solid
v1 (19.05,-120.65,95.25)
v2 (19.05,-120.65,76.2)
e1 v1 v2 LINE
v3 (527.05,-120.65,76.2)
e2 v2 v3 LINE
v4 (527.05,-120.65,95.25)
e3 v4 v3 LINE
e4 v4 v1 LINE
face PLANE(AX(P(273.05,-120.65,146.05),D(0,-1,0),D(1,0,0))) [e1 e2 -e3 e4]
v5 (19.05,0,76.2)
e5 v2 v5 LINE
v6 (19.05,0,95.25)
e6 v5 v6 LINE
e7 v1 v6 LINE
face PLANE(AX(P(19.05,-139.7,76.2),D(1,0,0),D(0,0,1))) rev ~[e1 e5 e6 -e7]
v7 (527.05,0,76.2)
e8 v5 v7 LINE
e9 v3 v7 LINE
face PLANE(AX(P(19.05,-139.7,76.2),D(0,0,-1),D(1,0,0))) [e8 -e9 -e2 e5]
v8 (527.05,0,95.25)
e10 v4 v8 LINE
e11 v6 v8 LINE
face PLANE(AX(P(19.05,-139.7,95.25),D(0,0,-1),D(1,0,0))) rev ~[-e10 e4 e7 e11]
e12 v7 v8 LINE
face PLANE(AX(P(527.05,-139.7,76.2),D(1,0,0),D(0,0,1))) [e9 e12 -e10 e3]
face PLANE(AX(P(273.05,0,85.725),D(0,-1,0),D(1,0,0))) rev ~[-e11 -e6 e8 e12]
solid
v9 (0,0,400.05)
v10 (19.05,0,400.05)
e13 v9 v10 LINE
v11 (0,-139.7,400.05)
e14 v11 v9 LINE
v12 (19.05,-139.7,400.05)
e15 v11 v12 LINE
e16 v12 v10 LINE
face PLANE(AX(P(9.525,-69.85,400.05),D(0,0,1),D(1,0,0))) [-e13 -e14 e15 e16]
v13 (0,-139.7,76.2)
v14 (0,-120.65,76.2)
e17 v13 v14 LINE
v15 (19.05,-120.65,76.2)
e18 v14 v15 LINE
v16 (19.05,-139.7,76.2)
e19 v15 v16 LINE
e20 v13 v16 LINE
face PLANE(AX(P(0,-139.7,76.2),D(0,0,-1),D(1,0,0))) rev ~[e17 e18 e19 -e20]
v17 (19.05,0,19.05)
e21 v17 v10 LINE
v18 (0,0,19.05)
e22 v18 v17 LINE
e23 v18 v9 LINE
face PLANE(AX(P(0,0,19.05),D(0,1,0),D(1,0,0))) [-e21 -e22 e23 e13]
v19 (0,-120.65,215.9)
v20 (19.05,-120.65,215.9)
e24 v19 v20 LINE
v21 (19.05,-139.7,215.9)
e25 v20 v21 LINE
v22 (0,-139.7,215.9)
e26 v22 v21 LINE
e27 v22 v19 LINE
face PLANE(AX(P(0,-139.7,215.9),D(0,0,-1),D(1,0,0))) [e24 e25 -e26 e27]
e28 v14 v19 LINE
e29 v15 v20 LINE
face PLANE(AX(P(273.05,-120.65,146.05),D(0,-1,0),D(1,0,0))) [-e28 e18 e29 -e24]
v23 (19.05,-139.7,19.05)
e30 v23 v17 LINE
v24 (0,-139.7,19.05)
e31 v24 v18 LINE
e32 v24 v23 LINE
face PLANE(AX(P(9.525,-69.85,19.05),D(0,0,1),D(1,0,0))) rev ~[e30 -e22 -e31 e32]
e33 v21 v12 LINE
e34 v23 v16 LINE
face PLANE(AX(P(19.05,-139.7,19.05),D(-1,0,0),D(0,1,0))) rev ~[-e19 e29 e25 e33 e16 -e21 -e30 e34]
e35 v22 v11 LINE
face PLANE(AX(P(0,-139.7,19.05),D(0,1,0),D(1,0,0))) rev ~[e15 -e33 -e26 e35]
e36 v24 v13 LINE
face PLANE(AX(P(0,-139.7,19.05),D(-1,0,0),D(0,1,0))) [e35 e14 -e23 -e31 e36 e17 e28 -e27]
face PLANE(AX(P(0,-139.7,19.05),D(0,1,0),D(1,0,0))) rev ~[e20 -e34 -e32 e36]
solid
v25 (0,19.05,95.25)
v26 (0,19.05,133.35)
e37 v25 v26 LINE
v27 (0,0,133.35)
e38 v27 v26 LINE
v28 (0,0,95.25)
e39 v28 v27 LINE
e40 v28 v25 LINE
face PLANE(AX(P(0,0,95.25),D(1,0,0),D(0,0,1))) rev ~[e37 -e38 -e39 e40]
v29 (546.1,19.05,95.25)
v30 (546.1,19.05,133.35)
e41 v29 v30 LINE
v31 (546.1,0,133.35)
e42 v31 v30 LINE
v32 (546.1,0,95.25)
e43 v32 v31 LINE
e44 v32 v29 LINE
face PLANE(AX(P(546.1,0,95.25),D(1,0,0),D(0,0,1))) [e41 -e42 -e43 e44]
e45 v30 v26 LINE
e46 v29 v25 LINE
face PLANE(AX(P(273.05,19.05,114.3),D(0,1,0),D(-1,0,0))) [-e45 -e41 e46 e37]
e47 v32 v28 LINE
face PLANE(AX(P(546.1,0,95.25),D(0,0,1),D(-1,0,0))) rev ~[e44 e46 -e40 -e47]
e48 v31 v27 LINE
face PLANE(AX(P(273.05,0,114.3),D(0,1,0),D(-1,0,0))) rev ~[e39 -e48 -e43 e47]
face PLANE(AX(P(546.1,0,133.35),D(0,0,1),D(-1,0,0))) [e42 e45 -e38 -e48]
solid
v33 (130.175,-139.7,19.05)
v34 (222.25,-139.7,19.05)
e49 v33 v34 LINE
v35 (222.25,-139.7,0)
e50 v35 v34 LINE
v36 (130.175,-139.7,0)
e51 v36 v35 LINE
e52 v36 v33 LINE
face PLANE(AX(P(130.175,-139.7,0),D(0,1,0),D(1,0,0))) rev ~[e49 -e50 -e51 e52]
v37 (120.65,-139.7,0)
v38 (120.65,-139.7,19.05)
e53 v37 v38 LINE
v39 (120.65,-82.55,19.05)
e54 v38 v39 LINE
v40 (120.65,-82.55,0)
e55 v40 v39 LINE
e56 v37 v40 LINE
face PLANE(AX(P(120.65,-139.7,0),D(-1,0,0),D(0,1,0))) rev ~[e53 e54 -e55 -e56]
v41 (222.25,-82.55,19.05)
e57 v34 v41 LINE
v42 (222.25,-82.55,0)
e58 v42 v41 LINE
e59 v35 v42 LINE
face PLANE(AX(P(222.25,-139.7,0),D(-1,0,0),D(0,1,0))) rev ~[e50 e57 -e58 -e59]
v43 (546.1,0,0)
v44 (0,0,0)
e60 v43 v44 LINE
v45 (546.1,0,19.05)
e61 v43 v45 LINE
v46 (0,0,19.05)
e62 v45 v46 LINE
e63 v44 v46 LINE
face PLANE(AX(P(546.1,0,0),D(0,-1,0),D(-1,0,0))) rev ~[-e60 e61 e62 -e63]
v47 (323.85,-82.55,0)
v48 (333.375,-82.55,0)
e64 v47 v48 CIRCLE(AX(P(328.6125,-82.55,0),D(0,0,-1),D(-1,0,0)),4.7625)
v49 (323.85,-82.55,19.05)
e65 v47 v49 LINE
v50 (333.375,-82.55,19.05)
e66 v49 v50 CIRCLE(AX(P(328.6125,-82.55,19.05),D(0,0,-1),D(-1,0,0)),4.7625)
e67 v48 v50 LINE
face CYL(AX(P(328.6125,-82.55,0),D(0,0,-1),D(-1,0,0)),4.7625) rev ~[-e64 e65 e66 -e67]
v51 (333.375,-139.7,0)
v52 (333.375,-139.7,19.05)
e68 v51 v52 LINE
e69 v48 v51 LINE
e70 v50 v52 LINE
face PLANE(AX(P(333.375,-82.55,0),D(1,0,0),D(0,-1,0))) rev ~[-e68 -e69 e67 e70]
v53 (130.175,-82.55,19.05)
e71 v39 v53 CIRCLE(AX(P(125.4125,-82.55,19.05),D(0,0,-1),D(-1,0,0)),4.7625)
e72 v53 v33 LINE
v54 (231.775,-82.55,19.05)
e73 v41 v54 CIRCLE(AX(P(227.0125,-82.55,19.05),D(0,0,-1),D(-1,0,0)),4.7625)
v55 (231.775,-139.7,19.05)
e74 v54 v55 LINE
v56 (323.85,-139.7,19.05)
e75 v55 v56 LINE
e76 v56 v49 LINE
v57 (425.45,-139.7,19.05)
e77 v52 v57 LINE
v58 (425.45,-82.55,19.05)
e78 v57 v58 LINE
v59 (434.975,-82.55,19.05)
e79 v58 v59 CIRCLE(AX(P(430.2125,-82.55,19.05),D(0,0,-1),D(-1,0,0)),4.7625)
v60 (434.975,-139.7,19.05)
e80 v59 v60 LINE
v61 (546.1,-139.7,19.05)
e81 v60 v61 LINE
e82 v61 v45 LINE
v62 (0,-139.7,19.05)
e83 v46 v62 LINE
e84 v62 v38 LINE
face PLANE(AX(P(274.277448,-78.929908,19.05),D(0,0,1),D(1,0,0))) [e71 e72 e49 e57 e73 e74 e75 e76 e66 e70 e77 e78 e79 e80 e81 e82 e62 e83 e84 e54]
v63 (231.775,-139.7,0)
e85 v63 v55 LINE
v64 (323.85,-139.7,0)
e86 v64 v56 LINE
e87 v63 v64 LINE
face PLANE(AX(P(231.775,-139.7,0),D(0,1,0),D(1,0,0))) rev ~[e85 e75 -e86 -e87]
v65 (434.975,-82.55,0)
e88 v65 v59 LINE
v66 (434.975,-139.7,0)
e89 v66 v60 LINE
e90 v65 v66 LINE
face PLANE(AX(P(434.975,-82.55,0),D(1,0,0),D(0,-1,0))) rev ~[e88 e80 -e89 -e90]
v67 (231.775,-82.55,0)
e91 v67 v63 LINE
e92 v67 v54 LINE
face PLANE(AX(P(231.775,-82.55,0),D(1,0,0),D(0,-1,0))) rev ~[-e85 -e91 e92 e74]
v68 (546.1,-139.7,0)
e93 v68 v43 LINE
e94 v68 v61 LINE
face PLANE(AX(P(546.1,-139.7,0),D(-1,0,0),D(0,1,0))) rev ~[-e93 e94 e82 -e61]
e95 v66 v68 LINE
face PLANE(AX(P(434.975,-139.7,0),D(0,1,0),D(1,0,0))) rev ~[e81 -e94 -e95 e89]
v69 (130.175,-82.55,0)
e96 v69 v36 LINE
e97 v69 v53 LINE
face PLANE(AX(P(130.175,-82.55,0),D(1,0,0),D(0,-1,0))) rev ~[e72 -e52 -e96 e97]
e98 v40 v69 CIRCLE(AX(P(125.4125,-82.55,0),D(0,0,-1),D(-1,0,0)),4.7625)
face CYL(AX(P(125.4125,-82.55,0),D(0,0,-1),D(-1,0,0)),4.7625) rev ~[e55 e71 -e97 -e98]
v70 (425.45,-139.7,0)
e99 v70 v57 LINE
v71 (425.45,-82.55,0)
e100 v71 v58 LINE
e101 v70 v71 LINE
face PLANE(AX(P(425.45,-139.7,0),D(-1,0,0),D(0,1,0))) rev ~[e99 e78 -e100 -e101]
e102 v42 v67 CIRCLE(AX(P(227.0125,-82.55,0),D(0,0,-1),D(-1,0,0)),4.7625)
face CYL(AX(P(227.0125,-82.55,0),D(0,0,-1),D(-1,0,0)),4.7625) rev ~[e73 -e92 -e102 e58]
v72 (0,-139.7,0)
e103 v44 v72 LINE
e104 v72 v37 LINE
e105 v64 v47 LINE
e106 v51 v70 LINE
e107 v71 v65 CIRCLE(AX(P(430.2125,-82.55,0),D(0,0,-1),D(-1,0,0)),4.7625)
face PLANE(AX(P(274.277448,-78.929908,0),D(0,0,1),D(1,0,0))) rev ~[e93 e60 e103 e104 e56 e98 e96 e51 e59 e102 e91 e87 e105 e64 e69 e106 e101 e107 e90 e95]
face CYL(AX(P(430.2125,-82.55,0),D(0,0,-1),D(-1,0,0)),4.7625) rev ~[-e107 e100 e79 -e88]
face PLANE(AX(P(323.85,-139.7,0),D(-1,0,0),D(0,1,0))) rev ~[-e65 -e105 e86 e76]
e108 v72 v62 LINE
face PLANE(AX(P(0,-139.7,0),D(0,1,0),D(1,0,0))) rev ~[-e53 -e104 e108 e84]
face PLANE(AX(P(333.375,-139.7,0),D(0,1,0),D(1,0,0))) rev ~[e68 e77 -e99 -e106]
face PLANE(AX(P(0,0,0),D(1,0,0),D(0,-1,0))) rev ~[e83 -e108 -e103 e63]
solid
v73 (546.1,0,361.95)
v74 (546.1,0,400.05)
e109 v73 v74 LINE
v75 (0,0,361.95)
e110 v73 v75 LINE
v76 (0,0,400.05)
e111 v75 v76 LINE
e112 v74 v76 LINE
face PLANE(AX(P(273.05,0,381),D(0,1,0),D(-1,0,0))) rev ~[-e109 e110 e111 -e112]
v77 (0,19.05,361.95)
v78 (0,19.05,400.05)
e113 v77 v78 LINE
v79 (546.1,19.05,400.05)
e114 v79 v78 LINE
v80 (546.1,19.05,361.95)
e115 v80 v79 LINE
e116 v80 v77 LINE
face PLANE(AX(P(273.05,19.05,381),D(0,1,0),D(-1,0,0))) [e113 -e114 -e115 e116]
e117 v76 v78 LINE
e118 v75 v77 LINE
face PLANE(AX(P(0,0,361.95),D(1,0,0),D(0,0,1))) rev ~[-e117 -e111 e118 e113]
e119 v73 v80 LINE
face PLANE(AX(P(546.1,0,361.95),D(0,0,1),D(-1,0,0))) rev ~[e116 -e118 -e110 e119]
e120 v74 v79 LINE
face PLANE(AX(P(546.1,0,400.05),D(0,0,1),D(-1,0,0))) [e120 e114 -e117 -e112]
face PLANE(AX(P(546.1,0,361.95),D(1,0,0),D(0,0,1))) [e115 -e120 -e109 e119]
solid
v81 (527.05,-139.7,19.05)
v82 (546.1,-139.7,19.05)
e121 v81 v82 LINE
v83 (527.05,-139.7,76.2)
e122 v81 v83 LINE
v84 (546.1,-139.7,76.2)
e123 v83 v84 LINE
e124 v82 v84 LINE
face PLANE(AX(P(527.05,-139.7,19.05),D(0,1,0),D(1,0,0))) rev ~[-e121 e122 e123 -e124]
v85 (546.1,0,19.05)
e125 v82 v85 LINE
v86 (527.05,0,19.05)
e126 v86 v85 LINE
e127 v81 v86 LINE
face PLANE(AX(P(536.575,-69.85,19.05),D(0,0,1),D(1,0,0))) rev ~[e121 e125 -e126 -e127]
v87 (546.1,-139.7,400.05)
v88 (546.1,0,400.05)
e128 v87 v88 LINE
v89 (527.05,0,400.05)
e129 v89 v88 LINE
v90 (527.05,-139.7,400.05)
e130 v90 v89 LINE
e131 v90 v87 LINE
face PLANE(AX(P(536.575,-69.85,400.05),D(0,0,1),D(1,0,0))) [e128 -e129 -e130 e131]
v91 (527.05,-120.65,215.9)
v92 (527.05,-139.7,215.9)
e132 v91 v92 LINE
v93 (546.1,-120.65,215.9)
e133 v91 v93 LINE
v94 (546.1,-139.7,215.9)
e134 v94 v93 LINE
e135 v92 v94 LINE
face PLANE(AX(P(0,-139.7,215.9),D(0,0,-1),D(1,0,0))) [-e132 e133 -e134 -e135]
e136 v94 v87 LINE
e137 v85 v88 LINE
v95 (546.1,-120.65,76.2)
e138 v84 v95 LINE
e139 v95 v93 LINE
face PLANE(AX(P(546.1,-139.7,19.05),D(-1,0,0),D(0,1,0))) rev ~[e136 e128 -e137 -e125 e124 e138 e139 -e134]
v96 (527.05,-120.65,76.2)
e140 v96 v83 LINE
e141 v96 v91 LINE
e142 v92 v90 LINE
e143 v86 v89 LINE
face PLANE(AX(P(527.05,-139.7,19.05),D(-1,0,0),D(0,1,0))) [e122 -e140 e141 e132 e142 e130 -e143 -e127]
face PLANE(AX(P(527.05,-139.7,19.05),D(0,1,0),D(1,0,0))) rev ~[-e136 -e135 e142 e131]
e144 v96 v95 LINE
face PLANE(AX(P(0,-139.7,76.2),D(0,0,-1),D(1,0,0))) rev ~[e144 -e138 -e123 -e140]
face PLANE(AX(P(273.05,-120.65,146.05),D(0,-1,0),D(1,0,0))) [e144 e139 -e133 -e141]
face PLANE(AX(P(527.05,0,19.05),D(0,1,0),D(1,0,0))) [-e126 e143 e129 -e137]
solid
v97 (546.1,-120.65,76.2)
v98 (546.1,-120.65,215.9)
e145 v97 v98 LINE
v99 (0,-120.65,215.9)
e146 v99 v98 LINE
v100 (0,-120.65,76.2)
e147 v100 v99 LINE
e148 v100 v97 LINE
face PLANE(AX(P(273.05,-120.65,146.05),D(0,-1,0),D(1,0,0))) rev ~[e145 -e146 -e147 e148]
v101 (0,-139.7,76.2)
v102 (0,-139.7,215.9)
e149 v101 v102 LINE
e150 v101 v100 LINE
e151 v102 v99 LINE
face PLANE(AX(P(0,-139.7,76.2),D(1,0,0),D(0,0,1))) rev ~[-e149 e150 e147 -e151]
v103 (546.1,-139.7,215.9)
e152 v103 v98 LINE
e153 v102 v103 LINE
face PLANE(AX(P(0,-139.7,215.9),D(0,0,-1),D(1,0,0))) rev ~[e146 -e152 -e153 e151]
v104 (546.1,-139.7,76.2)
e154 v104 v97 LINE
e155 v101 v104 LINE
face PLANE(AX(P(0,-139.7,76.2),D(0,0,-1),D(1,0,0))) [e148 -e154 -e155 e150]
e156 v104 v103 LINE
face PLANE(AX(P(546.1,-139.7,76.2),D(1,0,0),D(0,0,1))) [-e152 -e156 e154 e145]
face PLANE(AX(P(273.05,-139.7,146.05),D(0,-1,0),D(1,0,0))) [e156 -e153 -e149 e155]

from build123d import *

# Parameters (mm, degrees)
F1_DEPTH = 19.05
F2_W     = 19.05
F2_H     = 139.7
F3_DEPTH = 381
F4_W     = 508
F4_H     = 19.05
F5_DEPTH = 139.7
F6_W     = 546.1
F6_H     = 139.7
F7_DEPTH = 19.05
F8_W     = 546.1
F8_H     = 38.1
F9_DEPTH = 19.05


with BuildPart() as f1:
    # F0 (on Top) → F1 (new body)
    with BuildSketch(Plane.XY):
        with BuildLine():
            Line((546.1, 0), (0, 0))
            Line((0, 0), (0, -139.7))
            Line((0, -139.7), (120.65, -139.7))
            Line((120.65, -139.7), (120.65, -82.55))
            ThreePointArc((120.65, -82.55), (125.4125, -77.7875), (130.175, -82.55))
            Line((130.175, -82.55), (130.175, -139.7))
            Line((130.175, -139.7), (222.25, -139.7))
            Line((222.25, -139.7), (222.25, -82.55))
            ThreePointArc((222.25, -82.55), (227.0125, -77.7875), (231.775, -82.55))
            Line((231.775, -82.55), (231.775, -139.7))
            Line((231.775, -139.7), (323.85, -139.7))
            Line((323.85, -139.7), (323.85, -82.55))
            ThreePointArc((323.85, -82.55), (328.6125, -77.7875), (333.375, -82.55))
            Line((333.375, -82.55), (333.375, -139.7))
            Line((333.375, -139.7), (425.45, -139.7))
            Line((425.45, -139.7), (425.45, -82.55))
            ThreePointArc((425.45, -82.55), (430.2125, -77.7875), (434.975, -82.55))
            Line((434.975, -82.55), (434.975, -139.7))
            Line((434.975, -139.7), (546.1, -139.7))
            Line((546.1, -139.7), (546.1, 0))
        make_face()
    extrude(amount=F1_DEPTH)


with BuildPart() as f3:
    # F2 (on face) → F3 (new body)
    with BuildSketch(Plane.XY.offset(19.05)):
        with Locations((536.575, -69.85)):
            Rectangle(F2_W, F2_H)
        with Locations((9.525, -69.85)):
            Rectangle(F2_W, F2_H)
    extrude(amount=F3_DEPTH)


with BuildPart() as f5:
    # F4 (on face) → F5 (new body, through all)
    with BuildSketch(Plane.XZ.offset(139.7)):
        with Locations((273.05, 85.725)):
            Rectangle(F4_W, F4_H)
    extrude(amount=-F5_DEPTH)


with BuildPart() as f7:
    # F6 (on face) → F7 (new body)
    with BuildSketch(Plane.XZ.offset(139.7)):
        with Locations((273.05, 146.05)):
            Rectangle(F6_W, F6_H)
    extrude(amount=-F7_DEPTH)


with BuildPart() as f9:
    # F8 (on face) → F9 (new body)
    with BuildSketch(Plane(origin=(0, 0, 0), x_dir=(-1, 0, 0), z_dir=(0, 1, 0))):
        with Locations((-273.05, 114.3)):
            Rectangle(F8_W, F8_H)
        with Locations((-273.05, 381)):
            Rectangle(F8_W, F8_H)
    extrude(amount=F9_DEPTH)


with BuildPart() as f3_1:
    add(f3.part)

    # F10: cut F7
    add(f7.part, mode=Mode.SUBTRACT)


with BuildPart() as f5_1:
    add(f5.part)

    # F10: cut F7
    add(f7.part, mode=Mode.SUBTRACT)


solid = Compound([f1.part, f7.part, f9.part, f3_1.part, f5_1.part])
